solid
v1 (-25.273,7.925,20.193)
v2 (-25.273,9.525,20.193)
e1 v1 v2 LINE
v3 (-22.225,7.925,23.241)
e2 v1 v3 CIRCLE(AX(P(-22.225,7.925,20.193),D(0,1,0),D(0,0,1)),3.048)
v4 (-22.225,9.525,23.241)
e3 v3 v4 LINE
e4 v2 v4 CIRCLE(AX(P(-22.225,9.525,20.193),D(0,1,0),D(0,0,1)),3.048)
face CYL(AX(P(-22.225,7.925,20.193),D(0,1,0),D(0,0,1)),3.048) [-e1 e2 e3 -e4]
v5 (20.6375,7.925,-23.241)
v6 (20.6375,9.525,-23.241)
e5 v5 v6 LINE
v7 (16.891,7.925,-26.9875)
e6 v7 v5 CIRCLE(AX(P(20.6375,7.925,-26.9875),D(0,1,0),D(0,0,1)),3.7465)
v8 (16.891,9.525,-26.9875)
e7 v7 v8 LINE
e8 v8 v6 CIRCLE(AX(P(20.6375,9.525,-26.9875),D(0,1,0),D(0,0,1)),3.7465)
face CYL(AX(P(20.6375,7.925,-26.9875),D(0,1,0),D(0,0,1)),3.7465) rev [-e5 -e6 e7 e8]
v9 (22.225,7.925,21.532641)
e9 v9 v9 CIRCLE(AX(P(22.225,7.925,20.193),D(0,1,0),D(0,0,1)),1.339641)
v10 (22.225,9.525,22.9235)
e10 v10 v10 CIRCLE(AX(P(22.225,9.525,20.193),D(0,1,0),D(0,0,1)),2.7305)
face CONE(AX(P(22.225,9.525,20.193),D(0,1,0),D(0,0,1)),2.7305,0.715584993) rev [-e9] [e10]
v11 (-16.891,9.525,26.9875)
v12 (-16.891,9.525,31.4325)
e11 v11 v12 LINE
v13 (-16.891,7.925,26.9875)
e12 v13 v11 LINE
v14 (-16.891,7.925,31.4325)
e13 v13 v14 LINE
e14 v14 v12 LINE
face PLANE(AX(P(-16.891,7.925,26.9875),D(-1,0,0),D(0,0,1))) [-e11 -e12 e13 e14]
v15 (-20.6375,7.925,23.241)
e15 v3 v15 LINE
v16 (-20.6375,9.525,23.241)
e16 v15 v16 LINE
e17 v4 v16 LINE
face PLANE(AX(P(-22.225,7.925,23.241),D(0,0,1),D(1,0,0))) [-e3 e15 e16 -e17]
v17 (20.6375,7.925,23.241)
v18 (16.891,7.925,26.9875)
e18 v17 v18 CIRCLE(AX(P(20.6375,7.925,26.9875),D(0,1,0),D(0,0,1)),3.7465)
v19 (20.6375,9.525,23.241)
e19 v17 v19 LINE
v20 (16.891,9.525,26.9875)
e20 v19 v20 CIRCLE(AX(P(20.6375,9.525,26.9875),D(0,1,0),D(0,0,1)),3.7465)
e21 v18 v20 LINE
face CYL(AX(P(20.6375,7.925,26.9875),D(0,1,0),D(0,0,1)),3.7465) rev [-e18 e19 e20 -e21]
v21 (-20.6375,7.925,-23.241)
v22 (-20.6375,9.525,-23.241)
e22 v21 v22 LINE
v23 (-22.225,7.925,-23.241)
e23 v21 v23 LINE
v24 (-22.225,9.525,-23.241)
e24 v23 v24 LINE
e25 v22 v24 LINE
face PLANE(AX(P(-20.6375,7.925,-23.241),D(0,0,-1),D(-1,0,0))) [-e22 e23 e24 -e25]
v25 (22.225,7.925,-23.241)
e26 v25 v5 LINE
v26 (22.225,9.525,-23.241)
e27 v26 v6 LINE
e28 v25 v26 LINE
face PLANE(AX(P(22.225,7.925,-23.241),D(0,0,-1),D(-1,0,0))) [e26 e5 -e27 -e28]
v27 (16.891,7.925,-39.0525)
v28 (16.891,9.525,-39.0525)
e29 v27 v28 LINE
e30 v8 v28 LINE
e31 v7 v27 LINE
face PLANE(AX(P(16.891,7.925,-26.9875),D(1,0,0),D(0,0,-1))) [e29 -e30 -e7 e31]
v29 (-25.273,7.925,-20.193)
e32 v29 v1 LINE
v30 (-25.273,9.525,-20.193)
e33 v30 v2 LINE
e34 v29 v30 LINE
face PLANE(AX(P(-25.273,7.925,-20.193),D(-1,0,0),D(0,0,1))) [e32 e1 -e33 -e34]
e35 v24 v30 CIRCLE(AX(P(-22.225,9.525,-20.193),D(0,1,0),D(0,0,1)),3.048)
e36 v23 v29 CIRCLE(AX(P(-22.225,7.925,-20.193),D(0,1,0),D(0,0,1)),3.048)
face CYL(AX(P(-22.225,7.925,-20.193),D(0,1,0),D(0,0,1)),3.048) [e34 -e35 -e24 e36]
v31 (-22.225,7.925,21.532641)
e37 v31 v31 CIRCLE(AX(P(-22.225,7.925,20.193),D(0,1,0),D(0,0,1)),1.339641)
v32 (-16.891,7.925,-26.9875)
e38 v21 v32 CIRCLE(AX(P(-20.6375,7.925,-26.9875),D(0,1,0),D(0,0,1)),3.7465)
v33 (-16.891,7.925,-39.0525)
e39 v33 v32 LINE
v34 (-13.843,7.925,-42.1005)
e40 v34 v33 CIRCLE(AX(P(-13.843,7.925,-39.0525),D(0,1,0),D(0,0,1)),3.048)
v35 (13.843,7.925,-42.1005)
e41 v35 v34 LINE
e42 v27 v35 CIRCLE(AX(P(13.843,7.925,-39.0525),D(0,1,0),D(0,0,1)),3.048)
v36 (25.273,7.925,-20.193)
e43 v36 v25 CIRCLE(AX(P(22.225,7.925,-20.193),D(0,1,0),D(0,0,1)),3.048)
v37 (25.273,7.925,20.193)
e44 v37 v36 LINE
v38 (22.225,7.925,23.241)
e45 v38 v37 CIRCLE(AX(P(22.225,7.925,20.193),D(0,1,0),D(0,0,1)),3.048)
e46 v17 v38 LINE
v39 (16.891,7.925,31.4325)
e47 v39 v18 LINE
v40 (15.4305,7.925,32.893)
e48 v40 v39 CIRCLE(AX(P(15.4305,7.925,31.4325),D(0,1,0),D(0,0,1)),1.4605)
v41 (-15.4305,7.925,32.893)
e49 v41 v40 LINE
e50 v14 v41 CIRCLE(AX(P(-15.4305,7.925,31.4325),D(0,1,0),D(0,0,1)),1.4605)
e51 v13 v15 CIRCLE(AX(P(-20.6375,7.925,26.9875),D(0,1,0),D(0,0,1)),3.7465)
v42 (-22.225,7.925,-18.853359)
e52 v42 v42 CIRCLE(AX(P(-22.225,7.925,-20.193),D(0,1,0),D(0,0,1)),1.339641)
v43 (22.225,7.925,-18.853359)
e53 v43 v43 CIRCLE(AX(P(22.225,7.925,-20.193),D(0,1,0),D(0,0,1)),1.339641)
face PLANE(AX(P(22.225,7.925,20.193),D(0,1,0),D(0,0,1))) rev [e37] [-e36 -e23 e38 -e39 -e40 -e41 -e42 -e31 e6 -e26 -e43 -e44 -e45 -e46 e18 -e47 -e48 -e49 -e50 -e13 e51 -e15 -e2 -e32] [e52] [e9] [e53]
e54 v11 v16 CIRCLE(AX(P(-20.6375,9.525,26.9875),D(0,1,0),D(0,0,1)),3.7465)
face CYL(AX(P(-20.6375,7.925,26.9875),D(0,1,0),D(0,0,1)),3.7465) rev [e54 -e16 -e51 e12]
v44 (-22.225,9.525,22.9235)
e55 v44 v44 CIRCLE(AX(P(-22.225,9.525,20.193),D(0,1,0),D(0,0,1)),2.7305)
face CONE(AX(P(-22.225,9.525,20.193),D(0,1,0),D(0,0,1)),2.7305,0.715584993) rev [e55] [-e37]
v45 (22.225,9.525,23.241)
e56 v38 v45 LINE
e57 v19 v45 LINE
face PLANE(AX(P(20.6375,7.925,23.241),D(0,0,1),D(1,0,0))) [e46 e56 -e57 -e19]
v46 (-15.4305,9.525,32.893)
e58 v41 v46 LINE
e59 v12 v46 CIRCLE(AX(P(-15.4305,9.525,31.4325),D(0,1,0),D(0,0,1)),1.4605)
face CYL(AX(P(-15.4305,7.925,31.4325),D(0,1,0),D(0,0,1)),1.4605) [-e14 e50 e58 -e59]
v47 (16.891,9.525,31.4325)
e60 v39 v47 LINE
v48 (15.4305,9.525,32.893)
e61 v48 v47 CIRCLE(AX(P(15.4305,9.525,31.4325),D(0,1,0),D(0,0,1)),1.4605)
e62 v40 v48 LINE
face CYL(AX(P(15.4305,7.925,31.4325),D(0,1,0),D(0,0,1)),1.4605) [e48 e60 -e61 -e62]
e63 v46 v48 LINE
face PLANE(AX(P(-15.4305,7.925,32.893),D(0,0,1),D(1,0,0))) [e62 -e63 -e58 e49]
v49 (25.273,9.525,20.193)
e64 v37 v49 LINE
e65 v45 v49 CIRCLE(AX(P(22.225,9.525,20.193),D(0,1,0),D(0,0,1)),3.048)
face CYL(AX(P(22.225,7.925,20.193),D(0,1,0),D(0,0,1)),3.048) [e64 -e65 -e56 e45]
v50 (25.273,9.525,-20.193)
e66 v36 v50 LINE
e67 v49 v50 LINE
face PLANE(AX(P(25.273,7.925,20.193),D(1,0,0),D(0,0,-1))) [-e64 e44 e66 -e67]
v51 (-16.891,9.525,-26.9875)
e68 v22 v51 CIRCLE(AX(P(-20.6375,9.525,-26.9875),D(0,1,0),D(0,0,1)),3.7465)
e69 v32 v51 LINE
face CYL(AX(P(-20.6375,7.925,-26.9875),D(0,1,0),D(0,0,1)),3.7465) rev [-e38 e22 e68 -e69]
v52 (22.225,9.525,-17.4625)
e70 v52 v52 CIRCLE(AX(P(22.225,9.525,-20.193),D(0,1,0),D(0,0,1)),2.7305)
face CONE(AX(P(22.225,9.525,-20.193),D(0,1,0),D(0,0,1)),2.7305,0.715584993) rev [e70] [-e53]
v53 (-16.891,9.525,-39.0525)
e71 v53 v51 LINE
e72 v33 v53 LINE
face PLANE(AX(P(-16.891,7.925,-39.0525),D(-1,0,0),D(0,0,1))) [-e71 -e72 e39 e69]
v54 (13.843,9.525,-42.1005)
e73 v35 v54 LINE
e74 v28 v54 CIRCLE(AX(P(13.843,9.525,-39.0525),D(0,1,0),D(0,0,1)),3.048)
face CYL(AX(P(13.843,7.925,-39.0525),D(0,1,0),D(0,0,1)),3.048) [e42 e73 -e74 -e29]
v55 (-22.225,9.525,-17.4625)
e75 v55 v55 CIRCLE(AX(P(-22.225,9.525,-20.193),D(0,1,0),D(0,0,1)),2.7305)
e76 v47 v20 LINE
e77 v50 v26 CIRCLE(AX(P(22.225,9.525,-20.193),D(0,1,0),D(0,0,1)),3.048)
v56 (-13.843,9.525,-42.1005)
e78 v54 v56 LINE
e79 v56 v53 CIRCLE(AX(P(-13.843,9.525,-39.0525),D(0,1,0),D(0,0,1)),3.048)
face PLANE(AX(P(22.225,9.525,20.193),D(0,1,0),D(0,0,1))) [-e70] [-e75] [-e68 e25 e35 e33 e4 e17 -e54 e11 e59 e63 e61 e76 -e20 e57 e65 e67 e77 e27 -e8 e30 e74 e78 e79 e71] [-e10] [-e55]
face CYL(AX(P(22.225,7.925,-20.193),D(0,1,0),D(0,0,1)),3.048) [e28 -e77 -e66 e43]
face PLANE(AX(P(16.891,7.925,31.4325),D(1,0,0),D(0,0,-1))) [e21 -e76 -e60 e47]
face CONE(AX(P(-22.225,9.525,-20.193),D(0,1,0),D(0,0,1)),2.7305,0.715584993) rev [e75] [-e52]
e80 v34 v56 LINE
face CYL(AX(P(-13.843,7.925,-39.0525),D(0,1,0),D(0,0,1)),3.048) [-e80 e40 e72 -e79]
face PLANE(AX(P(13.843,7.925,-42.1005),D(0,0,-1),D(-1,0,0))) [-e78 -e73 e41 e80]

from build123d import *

# Parameters (mm, degrees)
BOSS_EXTRUDE3_DEPTH                            = 1.6
CSK_FOR_2_FLAT_HEAD_MACHINE_SCREW1_D           = 2.4384
CSK_FOR_2_FLAT_HEAD_MACHINE_SCREW1_DEPTH       = 5.588
CSK_FOR_2_FLAT_HEAD_MACHINE_SCREW1_CSINK_D     = 5.461
CSK_FOR_2_FLAT_HEAD_MACHINE_SCREW1_CSINK_ANGLE = 82
CSK_FOR_2_FLAT_HEAD_MACHINE_SCREW1_TIP         = 0.732569267


with BuildPart() as part:
    # Sketch1 → Boss-Extrude3 (new body)
    with BuildSketch(Plane(origin=(0, 9.525, 0), x_dir=(1, 0, 0), z_dir=(0, 1, 0))):
        with BuildLine():
            Line((-16.891, 39.0525), (-16.891, 26.9875))
            ThreePointArc((-16.891, 26.9875), (-17.988324444, 24.338324444), (-20.6375, 23.241))
            Line((-20.6375, 23.241), (-22.225, 23.241))
            ThreePointArc((-22.225, 23.241), (-24.380261469, 22.348261469), (-25.273, 20.193))
            Line((-25.273, 20.193), (-25.273, -20.193))
            ThreePointArc((-25.273, -20.193), (-24.380261469, -22.348261469), (-22.225, -23.241))
            Line((-22.225, -23.241), (-20.6375, -23.241))
            ThreePointArc((-20.6375, -23.241), (-17.988324444, -24.338324444), (-16.891, -26.9875))
            Line((-16.891, -26.9875), (-16.891, -31.4325))
            ThreePointArc((-16.891, -31.4325), (-16.463229454, -32.465229454), (-15.4305, -32.893))
            Line((-15.4305, -32.893), (15.4305, -32.893))
            ThreePointArc((15.4305, -32.893), (16.463229454, -32.465229454), (16.891, -31.4325))
            Line((16.891, -31.4325), (16.891, -26.9875))
            ThreePointArc((16.891, -26.9875), (17.988324444, -24.338324444), (20.6375, -23.241))
            Line((20.6375, -23.241), (22.225, -23.241))
            ThreePointArc((22.225, -23.241), (24.380261469, -22.348261469), (25.273, -20.193))
            Line((25.273, -20.193), (25.273, 20.193))
            ThreePointArc((25.273, 20.193), (24.380261469, 22.348261469), (22.225, 23.241))
            Line((22.225, 23.241), (20.6375, 23.241))
            ThreePointArc((20.6375, 23.241), (17.988324444, 24.338324444), (16.891, 26.9875))
            Line((16.891, 26.9875), (16.891, 39.0525))
            ThreePointArc((16.891, 39.0525), (15.998261469, 41.207761469), (13.843, 42.1005))
            Line((13.843, 42.1005), (-13.843, 42.1005))
            ThreePointArc((-13.843, 42.1005), (-15.998261469, 41.207761469), (-16.891, 39.0525))
        make_face()
    extrude(amount=-BOSS_EXTRUDE3_DEPTH)

    # CSK for #2 Flat Head Machine Screw1
    with Locations(Plane(origin=(22.225, 9.525, 20.193), x_dir=(0, 0, 1), z_dir=(0, 1, 0))):
        with Locations((0, 0), (0, -44.45), (-40.386, -44.45), (-40.386, 0)):
            CounterSinkHole(CSK_FOR_2_FLAT_HEAD_MACHINE_SCREW1_D / 2, CSK_FOR_2_FLAT_HEAD_MACHINE_SCREW1_CSINK_D / 2, depth=CSK_FOR_2_FLAT_HEAD_MACHINE_SCREW1_DEPTH, counter_sink_angle=CSK_FOR_2_FLAT_HEAD_MACHINE_SCREW1_CSINK_ANGLE)
            with Locations((0, 0, -(CSK_FOR_2_FLAT_HEAD_MACHINE_SCREW1_DEPTH + CSK_FOR_2_FLAT_HEAD_MACHINE_SCREW1_TIP / 2))):  # 118° drill point
                Cone(0, CSK_FOR_2_FLAT_HEAD_MACHINE_SCREW1_D / 2, CSK_FOR_2_FLAT_HEAD_MACHINE_SCREW1_TIP, mode=Mode.SUBTRACT)


solid = part.part
